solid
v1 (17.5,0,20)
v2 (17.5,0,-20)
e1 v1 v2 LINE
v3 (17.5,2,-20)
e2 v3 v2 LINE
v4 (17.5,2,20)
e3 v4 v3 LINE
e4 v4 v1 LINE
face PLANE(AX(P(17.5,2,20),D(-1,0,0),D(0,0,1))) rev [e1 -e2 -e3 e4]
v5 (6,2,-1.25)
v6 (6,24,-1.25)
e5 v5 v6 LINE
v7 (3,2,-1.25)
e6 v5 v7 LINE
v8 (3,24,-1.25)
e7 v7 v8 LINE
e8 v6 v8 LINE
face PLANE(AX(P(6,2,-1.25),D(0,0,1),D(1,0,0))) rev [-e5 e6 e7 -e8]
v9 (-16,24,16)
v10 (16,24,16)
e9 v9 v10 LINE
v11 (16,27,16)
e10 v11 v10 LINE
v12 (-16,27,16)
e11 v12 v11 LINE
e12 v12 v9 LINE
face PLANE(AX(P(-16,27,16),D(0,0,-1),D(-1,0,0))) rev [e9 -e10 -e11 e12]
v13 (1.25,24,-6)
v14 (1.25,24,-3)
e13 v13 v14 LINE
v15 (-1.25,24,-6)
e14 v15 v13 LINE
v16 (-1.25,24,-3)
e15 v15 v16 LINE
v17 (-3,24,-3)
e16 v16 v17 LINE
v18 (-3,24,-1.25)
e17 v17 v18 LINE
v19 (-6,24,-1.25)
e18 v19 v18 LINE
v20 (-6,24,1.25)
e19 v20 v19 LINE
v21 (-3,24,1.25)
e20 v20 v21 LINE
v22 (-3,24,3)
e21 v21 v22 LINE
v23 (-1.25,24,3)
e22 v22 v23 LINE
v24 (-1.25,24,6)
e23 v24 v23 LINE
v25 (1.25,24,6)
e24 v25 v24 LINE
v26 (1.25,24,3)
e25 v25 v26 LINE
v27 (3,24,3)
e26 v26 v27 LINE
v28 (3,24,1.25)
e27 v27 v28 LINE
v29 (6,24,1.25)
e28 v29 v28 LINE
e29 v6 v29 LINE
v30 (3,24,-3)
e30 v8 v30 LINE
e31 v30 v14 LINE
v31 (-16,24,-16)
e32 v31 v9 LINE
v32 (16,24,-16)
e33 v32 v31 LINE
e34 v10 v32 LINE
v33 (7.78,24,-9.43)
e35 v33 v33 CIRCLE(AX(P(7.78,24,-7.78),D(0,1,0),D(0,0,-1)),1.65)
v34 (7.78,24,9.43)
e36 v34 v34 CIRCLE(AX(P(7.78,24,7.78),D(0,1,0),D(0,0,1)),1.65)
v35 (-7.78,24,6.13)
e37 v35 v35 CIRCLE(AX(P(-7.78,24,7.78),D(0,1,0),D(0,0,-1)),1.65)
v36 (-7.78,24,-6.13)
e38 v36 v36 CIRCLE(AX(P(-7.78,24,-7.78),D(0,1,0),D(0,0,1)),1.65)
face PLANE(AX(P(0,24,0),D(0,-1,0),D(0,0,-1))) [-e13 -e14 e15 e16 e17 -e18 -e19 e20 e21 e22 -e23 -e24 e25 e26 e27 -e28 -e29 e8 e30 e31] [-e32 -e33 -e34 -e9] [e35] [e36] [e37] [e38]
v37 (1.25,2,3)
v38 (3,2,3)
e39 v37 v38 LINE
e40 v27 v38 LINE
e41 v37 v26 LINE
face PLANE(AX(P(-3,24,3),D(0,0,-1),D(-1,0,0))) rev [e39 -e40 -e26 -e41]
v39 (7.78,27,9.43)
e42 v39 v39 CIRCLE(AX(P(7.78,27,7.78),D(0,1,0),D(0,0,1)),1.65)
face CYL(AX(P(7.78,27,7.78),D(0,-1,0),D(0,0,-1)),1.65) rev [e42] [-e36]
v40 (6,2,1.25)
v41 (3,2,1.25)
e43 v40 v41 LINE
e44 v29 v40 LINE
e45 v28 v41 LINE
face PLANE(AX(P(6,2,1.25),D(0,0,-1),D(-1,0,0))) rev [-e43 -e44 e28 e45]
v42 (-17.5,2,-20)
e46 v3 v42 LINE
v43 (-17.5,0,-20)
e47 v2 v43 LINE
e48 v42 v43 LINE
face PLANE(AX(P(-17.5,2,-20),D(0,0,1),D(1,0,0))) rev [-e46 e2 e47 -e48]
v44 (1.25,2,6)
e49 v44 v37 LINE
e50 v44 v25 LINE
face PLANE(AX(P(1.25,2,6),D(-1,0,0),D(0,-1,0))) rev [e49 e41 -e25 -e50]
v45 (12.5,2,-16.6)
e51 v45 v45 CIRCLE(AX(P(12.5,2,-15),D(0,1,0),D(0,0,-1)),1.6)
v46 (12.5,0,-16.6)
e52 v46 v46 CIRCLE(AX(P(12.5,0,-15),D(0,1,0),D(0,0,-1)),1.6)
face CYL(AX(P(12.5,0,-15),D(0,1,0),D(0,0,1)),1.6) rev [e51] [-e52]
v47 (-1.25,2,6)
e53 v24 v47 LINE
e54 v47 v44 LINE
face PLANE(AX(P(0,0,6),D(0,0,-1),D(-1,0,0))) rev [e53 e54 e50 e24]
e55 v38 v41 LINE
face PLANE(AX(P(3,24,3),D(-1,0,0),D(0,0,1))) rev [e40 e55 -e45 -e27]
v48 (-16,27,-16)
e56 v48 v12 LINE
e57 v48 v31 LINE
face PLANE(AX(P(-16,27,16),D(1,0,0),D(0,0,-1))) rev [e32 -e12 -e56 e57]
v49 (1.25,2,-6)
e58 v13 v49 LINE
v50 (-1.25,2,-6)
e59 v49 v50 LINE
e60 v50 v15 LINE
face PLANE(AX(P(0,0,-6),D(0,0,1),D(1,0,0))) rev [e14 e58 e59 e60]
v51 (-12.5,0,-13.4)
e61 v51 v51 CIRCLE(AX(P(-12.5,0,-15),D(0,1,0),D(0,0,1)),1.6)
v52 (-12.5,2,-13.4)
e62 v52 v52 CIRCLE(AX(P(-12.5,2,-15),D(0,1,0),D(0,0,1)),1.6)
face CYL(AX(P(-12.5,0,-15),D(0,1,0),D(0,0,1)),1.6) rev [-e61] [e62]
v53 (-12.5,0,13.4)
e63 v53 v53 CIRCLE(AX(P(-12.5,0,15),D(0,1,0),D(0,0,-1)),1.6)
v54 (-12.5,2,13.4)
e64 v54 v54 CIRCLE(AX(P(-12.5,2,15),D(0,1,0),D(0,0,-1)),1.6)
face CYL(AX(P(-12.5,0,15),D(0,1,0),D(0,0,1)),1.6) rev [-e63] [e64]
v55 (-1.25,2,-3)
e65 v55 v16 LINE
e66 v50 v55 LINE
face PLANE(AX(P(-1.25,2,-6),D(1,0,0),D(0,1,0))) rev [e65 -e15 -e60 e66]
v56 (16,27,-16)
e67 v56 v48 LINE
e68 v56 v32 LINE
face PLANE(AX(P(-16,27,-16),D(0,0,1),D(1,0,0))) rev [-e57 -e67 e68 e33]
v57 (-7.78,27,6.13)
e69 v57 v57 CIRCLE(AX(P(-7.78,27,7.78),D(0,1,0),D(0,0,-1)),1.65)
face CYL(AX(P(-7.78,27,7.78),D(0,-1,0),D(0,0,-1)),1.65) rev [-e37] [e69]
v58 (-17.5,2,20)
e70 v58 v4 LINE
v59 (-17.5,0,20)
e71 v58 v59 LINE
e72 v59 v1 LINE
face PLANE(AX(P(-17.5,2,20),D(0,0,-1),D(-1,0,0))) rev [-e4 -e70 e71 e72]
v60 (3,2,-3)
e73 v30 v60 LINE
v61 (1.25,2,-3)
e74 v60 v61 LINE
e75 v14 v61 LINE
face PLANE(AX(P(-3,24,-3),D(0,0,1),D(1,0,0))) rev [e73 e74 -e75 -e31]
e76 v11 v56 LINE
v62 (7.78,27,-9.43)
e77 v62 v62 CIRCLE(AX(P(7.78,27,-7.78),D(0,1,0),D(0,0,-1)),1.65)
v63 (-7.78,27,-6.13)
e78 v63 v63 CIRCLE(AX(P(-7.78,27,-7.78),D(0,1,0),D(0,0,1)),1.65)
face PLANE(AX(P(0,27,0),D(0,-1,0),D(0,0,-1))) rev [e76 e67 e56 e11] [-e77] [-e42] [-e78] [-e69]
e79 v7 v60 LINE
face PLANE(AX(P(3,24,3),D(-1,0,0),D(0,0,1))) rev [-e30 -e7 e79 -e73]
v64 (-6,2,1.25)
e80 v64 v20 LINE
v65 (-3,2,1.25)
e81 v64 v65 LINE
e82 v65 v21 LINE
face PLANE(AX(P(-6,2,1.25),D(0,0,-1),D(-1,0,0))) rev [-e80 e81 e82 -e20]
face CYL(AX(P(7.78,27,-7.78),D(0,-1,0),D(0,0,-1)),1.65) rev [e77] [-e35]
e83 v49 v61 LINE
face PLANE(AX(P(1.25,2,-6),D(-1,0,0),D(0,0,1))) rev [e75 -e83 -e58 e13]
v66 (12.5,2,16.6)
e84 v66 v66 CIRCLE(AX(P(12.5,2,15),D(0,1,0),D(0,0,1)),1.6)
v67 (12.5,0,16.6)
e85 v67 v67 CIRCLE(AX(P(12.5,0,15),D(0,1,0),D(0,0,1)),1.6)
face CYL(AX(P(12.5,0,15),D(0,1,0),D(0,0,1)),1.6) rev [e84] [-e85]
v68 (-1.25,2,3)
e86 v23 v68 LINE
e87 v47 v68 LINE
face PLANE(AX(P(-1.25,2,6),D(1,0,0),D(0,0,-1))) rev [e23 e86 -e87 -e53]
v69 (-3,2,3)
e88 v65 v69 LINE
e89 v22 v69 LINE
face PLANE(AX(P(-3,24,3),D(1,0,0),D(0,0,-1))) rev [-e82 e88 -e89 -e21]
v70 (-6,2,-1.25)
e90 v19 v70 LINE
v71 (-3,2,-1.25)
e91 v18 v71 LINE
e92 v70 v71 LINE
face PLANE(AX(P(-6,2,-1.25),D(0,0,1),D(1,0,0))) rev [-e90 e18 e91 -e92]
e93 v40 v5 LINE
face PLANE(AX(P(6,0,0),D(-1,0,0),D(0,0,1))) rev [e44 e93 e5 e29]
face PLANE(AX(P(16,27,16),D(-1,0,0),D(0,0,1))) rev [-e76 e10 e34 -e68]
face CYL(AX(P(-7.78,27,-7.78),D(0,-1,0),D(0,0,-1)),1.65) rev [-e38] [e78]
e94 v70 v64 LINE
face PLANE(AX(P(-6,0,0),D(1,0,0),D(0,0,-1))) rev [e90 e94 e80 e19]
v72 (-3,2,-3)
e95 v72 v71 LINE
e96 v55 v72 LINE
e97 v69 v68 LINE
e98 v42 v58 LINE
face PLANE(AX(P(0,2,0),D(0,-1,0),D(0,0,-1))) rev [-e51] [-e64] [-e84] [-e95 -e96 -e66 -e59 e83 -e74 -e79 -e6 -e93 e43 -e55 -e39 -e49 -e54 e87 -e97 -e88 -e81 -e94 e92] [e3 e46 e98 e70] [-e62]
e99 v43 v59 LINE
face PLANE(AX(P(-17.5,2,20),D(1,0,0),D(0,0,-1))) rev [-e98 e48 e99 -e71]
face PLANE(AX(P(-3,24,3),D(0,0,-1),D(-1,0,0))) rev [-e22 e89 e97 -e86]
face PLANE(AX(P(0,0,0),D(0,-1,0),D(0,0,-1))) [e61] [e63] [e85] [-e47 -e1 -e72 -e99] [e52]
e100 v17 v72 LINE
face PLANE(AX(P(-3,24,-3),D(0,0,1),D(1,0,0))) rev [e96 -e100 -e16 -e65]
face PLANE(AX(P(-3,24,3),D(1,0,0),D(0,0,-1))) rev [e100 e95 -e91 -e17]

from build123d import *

# Parameters (mm, degrees)
SKETCH_1_W               = 35
SKETCH_1_H               = 40
EXTRUDE_1_DEPTH          = 2
SKETCH_2_R               = 1.6
CUT_EXTRUDE_1_DEPTH      = 2
SKETCH_3_W               = 6
SKETCH_3_H               = 6
EXTRUDE_2_DEPTH          = 22
SKETCH_4_W               = 32
SKETCH_4_H               = 32
SKETCH_4_R               = 1.65
EXTRUDE_3_DEPTH          = 3
SKETCH_5_W               = 2.5
SKETCH_5_H               = 22
EXTRUDE_4_DEPTH          = 3
PATTERN_CIRCULAR_1_COUNT = 4


with BuildPart() as part:
    # 草图1 → 凸台-拉伸1 (new body)
    with BuildSketch(Plane(origin=(0, 0, 0), x_dir=(1, 0, 0), z_dir=(0, 1, 0))):
        Rectangle(SKETCH_1_W, SKETCH_1_H)
    extrude(amount=EXTRUDE_1_DEPTH)

    # 草图2 → 切除-拉伸1 (cut)
    with BuildSketch(Plane(origin=(0, 2, 0), x_dir=(1, 0, 0), z_dir=(0, 1, 0))):
        with Locations(Location((-12.5, 15, 0), (0, 0, 270))):
            Circle(SKETCH_2_R)
        with Locations(Location((12.5, 15, 0), (0, 0, 90))):
            Circle(SKETCH_2_R)
        with Locations(Location((12.5, -15, 0), (0, 0, 270))):
            Circle(SKETCH_2_R)
        with Locations(Location((-12.5, -15, 0), (0, 0, 90))):
            Circle(SKETCH_2_R)
    extrude(amount=-CUT_EXTRUDE_1_DEPTH, mode=Mode.SUBTRACT)

    # 草图3 → 凸台-拉伸2 (add)
    with BuildSketch(Plane(origin=(0, 2, 0), x_dir=(1, 0, 0), z_dir=(0, 1, 0))):
        Rectangle(SKETCH_3_W, SKETCH_3_H)
    extrude(amount=EXTRUDE_2_DEPTH)

    # 草图4 → 凸台-拉伸3 (add)
    with BuildSketch(Plane(origin=(0, 24, 0), x_dir=(1, 0, 0), z_dir=(0, 1, 0))):
        Rectangle(SKETCH_4_W, SKETCH_4_H)
        with Locations(Location((-7.78, 7.78, 0), (0, 0, 270))):
            Circle(SKETCH_4_R, mode=Mode.SUBTRACT)
        with Locations(Location((7.78, 7.78, 0), (0, 0, 90))):
            Circle(SKETCH_4_R, mode=Mode.SUBTRACT)
        with Locations(Location((7.78, -7.78, 0), (0, 0, 270))):
            Circle(SKETCH_4_R, mode=Mode.SUBTRACT)
        with Locations(Location((-7.78, -7.78, 0), (0, 0, 90))):
            Circle(SKETCH_4_R, mode=Mode.SUBTRACT)
    extrude(amount=EXTRUDE_3_DEPTH)

    # 草图5 → 凸台-拉伸4 (add)
    with BuildSketch(Plane.XY.offset(3)):
        with Locations((0, 13)):
            Rectangle(SKETCH_5_W, SKETCH_5_H)
    extrude_4 = extrude(amount=EXTRUDE_4_DEPTH)

    # 阵列(圆周)1: 凸台-拉伸4 ×4 about axis
    pattern_circular_1_axis = Axis((0, 0, 0), (0, 1, 0))
    for i in range(1, PATTERN_CIRCULAR_1_COUNT):
        add(extrude_4.rotate(pattern_circular_1_axis, i * 360 / PATTERN_CIRCULAR_1_COUNT))


solid = part.part
